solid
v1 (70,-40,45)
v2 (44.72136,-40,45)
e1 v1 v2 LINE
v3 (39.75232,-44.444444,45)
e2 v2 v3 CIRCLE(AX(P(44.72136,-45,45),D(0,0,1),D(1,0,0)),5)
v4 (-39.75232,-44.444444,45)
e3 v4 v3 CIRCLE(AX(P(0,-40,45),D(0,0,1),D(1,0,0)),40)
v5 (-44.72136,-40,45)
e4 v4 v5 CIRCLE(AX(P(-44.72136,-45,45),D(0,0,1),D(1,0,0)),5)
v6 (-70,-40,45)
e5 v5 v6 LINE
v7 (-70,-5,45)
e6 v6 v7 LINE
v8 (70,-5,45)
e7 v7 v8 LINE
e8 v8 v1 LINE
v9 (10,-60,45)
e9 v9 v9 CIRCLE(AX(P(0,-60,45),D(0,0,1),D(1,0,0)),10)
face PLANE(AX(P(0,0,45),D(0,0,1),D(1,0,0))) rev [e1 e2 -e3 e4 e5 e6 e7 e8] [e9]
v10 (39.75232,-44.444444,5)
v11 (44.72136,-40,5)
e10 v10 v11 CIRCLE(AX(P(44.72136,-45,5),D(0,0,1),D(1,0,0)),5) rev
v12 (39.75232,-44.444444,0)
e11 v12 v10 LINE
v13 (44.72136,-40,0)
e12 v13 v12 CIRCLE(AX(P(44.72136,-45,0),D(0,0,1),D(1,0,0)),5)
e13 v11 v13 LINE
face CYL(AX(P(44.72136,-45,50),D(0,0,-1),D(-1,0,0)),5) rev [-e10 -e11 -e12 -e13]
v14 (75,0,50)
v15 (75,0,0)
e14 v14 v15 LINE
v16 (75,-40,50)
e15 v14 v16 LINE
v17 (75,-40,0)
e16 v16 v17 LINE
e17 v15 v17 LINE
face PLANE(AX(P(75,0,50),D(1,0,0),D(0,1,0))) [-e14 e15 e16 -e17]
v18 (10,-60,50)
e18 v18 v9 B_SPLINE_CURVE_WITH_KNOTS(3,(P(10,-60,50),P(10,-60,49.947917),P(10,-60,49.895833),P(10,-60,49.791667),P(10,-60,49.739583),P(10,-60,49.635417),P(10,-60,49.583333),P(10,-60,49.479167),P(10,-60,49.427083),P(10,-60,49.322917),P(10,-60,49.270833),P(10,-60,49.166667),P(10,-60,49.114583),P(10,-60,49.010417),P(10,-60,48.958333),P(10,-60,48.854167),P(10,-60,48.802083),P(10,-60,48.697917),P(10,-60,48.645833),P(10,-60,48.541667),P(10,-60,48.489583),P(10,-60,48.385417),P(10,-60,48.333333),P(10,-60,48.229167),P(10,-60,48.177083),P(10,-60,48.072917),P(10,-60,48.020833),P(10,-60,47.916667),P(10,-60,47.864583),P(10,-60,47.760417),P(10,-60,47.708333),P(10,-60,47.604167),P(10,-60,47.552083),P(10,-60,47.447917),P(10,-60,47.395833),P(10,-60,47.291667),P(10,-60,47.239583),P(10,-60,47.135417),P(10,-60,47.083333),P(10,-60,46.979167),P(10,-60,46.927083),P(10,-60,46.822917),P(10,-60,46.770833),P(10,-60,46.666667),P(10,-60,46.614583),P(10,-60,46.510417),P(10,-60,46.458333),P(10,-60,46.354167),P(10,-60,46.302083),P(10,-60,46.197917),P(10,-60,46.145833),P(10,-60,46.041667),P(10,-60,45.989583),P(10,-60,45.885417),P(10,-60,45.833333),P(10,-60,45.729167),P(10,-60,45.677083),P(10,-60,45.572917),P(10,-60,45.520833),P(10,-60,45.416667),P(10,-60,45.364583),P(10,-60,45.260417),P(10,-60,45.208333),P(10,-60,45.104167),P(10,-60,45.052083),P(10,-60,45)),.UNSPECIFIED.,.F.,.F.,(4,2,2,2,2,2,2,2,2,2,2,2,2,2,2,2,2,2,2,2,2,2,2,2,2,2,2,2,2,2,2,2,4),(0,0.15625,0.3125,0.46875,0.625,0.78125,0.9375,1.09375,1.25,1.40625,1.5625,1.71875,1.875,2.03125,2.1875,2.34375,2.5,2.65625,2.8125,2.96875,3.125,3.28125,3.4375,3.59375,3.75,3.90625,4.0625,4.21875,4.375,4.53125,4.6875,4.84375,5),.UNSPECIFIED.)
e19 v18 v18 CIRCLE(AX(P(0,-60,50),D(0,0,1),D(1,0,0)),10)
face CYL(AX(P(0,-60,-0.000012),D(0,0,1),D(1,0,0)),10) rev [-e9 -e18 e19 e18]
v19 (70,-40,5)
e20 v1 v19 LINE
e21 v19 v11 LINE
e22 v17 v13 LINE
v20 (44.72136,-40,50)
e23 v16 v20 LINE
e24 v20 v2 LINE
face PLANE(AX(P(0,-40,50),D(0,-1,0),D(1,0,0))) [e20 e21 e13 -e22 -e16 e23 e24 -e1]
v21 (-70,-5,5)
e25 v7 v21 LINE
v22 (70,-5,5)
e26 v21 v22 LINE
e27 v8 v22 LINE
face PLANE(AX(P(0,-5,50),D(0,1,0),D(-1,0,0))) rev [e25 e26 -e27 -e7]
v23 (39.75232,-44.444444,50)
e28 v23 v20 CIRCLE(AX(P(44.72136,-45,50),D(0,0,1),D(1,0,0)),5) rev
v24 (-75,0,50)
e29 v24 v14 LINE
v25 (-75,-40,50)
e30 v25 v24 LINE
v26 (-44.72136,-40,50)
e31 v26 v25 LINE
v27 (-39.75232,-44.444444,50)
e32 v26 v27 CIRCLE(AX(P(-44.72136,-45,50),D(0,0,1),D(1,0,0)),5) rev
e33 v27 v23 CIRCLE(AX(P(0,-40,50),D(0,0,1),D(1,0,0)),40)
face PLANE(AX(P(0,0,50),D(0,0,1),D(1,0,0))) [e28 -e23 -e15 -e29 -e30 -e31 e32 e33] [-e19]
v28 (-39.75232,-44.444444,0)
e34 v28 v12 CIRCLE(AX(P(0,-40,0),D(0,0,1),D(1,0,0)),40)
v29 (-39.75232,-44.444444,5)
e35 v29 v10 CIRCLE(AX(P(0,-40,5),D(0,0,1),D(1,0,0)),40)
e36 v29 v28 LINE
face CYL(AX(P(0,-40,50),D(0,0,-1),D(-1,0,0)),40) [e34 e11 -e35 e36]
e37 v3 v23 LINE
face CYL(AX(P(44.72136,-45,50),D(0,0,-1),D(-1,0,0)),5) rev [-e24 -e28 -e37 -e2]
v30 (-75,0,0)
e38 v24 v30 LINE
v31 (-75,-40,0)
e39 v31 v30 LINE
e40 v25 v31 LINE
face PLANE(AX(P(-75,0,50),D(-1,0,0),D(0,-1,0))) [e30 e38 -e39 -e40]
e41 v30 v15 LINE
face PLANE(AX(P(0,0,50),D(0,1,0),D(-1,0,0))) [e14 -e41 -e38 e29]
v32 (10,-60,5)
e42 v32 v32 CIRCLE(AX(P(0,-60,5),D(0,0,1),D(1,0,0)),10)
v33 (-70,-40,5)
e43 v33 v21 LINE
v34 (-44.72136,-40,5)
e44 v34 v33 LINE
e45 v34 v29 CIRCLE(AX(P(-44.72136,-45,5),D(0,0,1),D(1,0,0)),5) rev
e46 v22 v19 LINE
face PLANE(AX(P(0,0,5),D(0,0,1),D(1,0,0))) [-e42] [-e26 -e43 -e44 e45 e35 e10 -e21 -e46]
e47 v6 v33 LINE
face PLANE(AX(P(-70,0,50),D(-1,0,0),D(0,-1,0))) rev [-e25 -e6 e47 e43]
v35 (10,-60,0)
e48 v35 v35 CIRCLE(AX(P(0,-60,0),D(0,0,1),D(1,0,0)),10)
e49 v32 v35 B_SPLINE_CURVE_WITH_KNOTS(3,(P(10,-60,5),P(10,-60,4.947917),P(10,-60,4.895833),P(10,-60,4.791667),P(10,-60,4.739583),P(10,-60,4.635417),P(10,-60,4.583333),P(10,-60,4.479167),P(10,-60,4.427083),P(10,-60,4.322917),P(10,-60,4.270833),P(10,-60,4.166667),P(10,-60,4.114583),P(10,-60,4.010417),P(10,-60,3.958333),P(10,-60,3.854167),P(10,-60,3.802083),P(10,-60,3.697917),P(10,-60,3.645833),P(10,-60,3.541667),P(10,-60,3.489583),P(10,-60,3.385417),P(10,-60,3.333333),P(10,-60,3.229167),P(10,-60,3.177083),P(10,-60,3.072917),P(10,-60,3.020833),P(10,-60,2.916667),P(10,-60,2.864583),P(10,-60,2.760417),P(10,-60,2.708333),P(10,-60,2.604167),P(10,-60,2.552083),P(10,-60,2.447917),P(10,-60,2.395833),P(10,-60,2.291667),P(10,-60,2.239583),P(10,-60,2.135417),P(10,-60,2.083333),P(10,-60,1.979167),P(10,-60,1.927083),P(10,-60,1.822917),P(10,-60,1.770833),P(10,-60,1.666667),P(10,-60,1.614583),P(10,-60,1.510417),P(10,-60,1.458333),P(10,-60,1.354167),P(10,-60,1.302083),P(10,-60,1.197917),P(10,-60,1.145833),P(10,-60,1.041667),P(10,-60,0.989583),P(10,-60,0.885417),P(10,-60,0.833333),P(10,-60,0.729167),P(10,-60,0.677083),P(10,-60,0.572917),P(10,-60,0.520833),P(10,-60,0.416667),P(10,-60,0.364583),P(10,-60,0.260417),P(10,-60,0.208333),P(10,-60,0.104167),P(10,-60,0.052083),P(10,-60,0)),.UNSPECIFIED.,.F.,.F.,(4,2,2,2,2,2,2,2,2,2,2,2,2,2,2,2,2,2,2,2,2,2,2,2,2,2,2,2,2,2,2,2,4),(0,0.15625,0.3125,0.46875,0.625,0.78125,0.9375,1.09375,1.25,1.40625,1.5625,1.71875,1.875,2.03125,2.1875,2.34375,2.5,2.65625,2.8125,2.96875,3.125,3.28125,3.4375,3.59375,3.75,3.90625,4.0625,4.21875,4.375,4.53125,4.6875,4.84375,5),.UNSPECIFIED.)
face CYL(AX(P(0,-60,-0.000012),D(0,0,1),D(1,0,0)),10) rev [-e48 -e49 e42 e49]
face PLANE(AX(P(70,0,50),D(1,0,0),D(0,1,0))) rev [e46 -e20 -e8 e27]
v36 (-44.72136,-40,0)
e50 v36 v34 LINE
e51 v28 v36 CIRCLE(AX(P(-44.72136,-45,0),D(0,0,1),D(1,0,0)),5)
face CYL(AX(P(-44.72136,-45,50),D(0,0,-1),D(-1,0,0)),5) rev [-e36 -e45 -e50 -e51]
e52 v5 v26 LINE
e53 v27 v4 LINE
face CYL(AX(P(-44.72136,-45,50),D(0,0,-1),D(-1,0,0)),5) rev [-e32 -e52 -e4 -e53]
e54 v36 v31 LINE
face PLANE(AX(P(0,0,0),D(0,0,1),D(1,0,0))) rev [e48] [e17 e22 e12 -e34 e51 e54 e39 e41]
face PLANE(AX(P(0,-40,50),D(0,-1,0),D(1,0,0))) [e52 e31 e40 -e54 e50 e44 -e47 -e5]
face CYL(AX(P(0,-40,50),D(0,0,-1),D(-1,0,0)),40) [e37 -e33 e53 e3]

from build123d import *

# Parameters (mm, degrees)
BOSS_EXTRUDE1_DEPTH     = 50
SHELL2_T                = -5
FILLET1_R               = 5
CUT_EXTRUDE2_DEPTH      = 121.519707932
CUT_EXTRUDE2_DEPTH_BACK = 121.519707932
SKETCH1_4_R             = 10


with BuildPart() as part:
    # Sketch1 → Boss-Extrude1 (new body)
    with BuildSketch(Plane.XY):
        with BuildLine():
            Line((75, 0), (-75, 0))
            Line((-75, 0), (-75, -40))
            Line((-75, -40), (-40, -40))
            ThreePointArc((-40, -40), (0, -80), (40, -40))
            Line((40, -40), (75, -40))
            Line((75, -40), (75, 0))
        make_face()
    extrude(amount=BOSS_EXTRUDE1_DEPTH)

    # Shell2
    shell2_openings = [part.faces().sort_by_distance(p)[0] for p in [
        (57.5, -40, 25),
        (0, -80, 25),
        (-57.5, -40, 25),
    ]]
    offset(amount=SHELL2_T, openings=shell2_openings, kind=Kind.INTERSECTION)

    # Fillet1
    fillet1_edges = [part.edges().sort_by_distance(p)[0] for p in [
        (40, -40, 2.5),
        (40, -40, 47.5),
        (-40, -40, 2.5),
        (-40, -40, 47.5),
    ]]
    fillet(fillet1_edges, radius=FILLET1_R)

    # Sketch1<4> → Cut-Extrude2 (cut, two sides: drawn at the far end of the back side and taken through both)
    with BuildSketch(Plane.XY.offset(-CUT_EXTRUDE2_DEPTH_BACK)):
        with Locations((0, -60)):
            Circle(SKETCH1_4_R)
    extrude(amount=CUT_EXTRUDE2_DEPTH + CUT_EXTRUDE2_DEPTH_BACK, mode=Mode.SUBTRACT)


solid = part.part
